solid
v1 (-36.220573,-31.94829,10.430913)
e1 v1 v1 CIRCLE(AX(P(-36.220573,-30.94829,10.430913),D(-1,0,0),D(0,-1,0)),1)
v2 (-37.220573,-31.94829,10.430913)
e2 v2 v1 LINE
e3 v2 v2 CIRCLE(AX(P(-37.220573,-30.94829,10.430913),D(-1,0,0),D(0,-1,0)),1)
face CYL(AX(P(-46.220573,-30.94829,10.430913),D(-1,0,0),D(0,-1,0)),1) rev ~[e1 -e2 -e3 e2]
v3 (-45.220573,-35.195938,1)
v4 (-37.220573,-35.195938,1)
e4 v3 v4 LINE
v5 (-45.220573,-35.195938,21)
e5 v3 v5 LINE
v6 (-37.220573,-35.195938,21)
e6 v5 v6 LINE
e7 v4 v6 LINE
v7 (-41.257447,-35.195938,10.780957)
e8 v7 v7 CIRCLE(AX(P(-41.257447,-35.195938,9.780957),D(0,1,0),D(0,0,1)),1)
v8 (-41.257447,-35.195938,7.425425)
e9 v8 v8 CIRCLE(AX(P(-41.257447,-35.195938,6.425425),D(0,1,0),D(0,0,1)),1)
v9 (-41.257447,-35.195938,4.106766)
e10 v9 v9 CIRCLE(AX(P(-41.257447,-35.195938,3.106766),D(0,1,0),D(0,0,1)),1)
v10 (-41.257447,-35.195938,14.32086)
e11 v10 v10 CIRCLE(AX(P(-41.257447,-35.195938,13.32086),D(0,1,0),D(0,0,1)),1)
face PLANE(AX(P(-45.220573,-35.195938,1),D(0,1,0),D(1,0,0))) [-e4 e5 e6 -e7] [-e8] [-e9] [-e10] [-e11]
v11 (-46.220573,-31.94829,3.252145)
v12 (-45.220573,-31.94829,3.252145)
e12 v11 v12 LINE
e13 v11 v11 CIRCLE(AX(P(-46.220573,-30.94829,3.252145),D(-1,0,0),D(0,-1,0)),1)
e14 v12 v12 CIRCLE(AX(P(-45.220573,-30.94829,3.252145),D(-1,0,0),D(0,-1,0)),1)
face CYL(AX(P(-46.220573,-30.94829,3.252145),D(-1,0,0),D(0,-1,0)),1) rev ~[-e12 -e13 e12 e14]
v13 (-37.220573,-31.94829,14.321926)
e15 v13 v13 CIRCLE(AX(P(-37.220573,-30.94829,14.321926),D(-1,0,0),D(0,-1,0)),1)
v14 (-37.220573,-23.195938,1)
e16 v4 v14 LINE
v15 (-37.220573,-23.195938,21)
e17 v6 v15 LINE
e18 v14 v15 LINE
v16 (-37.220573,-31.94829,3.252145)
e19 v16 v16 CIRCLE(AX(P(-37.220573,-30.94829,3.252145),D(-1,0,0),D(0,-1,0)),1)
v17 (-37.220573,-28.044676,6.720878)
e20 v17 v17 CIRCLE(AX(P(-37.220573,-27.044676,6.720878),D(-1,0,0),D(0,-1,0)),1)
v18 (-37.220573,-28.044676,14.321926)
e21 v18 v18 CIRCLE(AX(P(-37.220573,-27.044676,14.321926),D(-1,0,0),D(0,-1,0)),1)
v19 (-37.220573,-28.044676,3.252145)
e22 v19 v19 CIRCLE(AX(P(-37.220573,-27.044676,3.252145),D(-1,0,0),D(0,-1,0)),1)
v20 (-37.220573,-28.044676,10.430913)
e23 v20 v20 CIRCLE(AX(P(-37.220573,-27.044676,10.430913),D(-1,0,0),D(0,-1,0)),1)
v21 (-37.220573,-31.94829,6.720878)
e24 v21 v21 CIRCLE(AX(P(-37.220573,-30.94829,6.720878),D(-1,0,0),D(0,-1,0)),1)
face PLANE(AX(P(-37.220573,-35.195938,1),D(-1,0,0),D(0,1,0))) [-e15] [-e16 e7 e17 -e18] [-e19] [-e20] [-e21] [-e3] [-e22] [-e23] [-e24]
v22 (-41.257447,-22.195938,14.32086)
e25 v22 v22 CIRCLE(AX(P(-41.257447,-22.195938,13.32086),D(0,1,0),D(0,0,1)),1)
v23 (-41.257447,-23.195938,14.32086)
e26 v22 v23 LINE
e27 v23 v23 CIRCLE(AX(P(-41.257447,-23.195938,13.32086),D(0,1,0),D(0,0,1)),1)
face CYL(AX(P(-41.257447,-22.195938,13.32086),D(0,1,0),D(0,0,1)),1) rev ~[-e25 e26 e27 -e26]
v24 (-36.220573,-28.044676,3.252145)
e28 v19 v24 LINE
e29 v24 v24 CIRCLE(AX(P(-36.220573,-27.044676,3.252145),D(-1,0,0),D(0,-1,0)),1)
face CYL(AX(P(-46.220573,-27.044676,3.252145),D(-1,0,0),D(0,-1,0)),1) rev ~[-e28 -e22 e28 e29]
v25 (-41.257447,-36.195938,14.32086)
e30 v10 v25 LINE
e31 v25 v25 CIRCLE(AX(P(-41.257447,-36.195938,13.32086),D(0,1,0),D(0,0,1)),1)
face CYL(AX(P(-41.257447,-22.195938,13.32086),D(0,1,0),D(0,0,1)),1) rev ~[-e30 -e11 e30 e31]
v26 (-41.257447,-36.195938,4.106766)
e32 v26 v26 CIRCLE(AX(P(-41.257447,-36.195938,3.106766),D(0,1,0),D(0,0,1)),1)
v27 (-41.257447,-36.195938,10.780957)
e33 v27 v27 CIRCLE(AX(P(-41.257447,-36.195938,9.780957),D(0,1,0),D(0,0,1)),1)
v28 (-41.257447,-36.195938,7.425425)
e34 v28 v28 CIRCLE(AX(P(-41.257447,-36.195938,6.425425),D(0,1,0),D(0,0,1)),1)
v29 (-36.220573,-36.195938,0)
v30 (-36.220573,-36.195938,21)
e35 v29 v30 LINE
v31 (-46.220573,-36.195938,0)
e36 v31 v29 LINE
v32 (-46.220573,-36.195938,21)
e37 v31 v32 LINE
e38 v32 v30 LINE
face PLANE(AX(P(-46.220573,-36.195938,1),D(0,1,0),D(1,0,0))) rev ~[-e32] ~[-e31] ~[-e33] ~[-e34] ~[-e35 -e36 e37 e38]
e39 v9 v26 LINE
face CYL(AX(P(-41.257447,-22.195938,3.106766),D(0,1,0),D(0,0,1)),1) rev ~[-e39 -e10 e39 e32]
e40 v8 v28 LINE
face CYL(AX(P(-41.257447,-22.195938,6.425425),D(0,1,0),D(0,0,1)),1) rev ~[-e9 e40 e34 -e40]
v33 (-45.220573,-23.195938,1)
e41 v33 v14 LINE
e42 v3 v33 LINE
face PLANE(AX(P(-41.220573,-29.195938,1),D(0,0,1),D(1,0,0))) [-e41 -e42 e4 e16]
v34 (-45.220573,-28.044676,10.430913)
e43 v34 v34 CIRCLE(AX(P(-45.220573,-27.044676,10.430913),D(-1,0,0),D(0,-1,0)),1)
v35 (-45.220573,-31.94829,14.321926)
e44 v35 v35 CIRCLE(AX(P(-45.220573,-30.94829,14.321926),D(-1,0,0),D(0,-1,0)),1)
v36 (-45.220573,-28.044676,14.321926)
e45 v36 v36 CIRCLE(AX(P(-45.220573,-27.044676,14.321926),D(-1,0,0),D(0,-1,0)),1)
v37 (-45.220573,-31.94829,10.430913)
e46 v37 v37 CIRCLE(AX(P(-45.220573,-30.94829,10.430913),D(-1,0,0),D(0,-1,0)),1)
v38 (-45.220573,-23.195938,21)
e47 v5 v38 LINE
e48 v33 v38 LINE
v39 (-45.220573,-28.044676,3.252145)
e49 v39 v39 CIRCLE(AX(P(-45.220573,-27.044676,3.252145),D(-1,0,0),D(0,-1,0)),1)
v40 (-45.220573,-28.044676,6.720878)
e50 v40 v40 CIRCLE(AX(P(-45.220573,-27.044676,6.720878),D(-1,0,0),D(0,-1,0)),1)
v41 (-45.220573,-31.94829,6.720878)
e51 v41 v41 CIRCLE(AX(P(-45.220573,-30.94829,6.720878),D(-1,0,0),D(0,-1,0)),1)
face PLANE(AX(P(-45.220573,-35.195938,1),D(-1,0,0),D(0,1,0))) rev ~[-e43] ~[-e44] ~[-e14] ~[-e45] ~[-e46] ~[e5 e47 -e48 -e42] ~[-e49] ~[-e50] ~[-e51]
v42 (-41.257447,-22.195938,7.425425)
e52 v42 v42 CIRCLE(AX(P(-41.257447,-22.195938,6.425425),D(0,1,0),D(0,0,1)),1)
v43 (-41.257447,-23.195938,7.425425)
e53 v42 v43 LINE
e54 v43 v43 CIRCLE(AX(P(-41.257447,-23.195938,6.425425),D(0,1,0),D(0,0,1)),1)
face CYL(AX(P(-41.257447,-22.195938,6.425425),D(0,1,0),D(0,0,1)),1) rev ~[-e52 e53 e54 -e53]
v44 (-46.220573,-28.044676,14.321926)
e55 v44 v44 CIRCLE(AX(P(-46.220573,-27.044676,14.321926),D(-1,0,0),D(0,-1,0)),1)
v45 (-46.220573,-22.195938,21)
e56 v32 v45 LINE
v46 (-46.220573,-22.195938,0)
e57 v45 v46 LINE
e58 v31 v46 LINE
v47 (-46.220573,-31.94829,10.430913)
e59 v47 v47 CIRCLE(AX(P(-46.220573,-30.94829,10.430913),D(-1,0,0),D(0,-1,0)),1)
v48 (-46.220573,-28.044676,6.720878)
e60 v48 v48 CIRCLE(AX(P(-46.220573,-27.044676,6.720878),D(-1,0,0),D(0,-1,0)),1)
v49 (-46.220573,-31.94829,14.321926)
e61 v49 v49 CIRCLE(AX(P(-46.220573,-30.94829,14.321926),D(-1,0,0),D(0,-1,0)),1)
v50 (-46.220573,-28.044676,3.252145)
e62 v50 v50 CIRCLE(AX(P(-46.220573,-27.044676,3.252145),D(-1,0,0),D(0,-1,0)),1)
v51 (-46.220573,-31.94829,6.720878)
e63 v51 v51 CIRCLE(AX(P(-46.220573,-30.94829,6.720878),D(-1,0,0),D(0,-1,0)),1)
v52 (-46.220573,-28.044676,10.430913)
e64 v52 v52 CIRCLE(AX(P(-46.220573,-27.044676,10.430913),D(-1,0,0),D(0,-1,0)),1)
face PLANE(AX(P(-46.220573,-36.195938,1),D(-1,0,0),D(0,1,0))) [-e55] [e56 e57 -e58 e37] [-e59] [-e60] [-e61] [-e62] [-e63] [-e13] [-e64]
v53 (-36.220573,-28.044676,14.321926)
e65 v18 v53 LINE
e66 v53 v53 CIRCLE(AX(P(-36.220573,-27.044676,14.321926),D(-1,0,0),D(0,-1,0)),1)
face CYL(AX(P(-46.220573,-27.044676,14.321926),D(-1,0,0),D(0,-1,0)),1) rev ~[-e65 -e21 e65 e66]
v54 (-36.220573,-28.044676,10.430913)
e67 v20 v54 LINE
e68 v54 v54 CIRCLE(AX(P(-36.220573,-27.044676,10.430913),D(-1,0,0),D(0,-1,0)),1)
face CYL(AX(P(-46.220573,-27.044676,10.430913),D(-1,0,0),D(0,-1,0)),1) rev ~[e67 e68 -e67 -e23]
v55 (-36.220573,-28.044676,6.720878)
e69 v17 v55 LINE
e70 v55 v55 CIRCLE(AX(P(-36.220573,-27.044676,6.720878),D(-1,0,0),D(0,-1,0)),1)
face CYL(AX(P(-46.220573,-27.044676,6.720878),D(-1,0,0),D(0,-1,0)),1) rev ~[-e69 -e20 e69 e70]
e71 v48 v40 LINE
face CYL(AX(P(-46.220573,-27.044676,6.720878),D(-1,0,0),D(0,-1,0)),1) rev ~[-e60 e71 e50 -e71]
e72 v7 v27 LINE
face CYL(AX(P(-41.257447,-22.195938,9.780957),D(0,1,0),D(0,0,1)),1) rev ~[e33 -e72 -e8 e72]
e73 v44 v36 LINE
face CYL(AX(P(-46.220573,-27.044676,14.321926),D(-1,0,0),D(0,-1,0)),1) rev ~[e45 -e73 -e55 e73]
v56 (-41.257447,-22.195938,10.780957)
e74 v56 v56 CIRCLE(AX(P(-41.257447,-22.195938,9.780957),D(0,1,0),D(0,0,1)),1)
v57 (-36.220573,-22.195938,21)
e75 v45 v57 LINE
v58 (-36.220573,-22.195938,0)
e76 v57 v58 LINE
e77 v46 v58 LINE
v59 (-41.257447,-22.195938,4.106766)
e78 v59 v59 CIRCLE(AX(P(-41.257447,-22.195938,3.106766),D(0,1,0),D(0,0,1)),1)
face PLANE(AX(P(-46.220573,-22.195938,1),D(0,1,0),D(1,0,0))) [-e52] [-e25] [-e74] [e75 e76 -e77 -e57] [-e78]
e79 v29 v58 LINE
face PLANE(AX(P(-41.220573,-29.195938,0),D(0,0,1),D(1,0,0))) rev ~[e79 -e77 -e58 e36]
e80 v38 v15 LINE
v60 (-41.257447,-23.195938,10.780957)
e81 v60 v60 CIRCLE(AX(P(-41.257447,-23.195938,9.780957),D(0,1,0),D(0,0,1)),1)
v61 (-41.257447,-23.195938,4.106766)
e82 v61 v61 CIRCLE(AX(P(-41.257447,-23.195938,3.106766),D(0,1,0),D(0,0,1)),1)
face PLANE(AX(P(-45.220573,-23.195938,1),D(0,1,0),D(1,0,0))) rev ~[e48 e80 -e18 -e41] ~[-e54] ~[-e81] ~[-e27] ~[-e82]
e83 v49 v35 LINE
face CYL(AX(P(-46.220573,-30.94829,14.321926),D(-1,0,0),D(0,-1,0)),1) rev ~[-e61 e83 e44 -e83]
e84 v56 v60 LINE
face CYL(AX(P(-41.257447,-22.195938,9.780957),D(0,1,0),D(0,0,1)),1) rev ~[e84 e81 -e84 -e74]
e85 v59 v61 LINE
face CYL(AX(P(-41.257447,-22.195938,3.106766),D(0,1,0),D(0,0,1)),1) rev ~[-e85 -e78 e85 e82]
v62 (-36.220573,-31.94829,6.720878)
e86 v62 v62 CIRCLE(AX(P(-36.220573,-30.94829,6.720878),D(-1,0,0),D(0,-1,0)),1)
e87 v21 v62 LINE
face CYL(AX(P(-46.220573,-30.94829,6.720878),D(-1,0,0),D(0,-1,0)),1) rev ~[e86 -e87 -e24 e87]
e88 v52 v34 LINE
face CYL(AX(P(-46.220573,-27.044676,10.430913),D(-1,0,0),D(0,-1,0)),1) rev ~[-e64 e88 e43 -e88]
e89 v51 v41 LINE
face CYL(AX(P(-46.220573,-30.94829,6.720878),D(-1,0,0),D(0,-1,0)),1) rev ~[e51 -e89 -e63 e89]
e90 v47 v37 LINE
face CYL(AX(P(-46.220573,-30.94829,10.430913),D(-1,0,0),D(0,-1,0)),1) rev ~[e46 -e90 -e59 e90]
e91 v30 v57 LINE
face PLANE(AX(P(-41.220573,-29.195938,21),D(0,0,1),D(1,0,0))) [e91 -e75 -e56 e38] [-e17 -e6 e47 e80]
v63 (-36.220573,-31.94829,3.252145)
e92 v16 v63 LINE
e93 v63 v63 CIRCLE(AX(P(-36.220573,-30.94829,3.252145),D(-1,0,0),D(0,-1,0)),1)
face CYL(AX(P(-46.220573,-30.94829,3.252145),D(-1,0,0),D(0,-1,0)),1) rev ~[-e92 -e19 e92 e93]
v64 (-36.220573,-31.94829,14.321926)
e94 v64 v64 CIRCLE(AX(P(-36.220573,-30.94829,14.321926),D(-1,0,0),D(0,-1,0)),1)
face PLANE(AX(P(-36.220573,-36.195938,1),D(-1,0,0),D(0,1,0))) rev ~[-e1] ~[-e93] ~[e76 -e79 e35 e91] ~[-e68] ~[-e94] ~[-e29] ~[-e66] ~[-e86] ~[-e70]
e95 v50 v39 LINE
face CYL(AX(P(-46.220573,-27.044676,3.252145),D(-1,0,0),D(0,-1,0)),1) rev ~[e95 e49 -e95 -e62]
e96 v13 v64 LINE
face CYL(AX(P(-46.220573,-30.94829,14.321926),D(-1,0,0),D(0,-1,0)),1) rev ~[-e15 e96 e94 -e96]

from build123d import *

# Parameters (mm, degrees)
ESQUISSE1_W             = 10
ESQUISSE1_H             = 14
BOSS_EXTRU_1_DEPTH      = 1
ESQUISSE2_W             = 10
ESQUISSE2_H             = 14
ESQUISSE2_W_2           = 8
ESQUISSE2_H_2           = 12
BOSS_EXTRU_2_DEPTH      = 20
ESQUISSE3_R             = 1
ENL_V_MAT_EXTRU_1_DEPTH = 44.02494538
ESQUISSE4_R             = 1
ENL_V_MAT_EXTRU_2_DEPTH = 53.662523212


with BuildPart() as part:
    # Esquisse1 → Boss.-Extru.1 (new body)
    with BuildSketch(Plane.XY):
        with Locations((-41.220572811, -29.195937962)):
            Rectangle(ESQUISSE1_W, ESQUISSE1_H)
    extrude(amount=BOSS_EXTRU_1_DEPTH)

    # Esquisse2 → Boss.-Extru.2 (add)
    with BuildSketch(Plane.XY.offset(1)):
        with Locations((-41.220572811, -29.195937962)):
            Rectangle(ESQUISSE2_W, ESQUISSE2_H)
        with Locations((-41.220572811, -29.195937962)):
            Rectangle(ESQUISSE2_W_2, ESQUISSE2_H_2, mode=Mode.SUBTRACT)
    extrude(amount=BOSS_EXTRU_2_DEPTH)

    # Esquisse3 → Enlèv. mat.-Extru.1 (cut, through all)
    with BuildSketch(Plane.ZY.offset(46.220572811)):
        with Locations(Location((3.252145139, -27.044676275, 0), (0, 0, 270))):
            Circle(ESQUISSE3_R)
        with Locations(Location((10.430913125, -27.044676275, 0), (0, 0, 270))):
            Circle(ESQUISSE3_R)
        with Locations(Location((6.720877569, -30.948290196, 0), (0, 0, 270))):
            Circle(ESQUISSE3_R)
        with Locations(Location((10.430913125, -30.948290196, 0), (0, 0, 270))):
            Circle(ESQUISSE3_R)
        with Locations(Location((14.321926026, -30.948290196, 0), (0, 0, 270))):
            Circle(ESQUISSE3_R)
        with Locations(Location((14.321926026, -27.044676275, 0), (0, 0, 270))):
            Circle(ESQUISSE3_R)
        with Locations(Location((6.720877569, -27.044676275, 0), (0, 0, 270))):
            Circle(ESQUISSE3_R)
        with Locations(Location((3.252145139, -30.948290196, 0), (0, 0, 270))):
            Circle(ESQUISSE3_R)
    extrude(amount=-ENL_V_MAT_EXTRU_1_DEPTH, mode=Mode.SUBTRACT)

    # Esquisse4 → Enlèv. mat.-Extru.2 (cut, through all)
    with BuildSketch(Plane(origin=(0, -22.195937962, 0), x_dir=(1, 0, 0), z_dir=(0, 1, 0))):
        with Locations(Location((-41.257446794, -3.10676642, 0), (0, 0, 270))):
            Circle(ESQUISSE4_R)
        with Locations(Location((-41.257446794, -6.425424885, 0), (0, 0, 270))):
            Circle(ESQUISSE4_R)
        with Locations(Location((-41.257446794, -9.780957333, 0), (0, 0, 270))):
            Circle(ESQUISSE4_R)
        with Locations(Location((-41.257446794, -13.320859695, 0), (0, 0, 270))):
            Circle(ESQUISSE4_R)
    extrude(amount=-ENL_V_MAT_EXTRU_2_DEPTH, mode=Mode.SUBTRACT)


solid = part.part
